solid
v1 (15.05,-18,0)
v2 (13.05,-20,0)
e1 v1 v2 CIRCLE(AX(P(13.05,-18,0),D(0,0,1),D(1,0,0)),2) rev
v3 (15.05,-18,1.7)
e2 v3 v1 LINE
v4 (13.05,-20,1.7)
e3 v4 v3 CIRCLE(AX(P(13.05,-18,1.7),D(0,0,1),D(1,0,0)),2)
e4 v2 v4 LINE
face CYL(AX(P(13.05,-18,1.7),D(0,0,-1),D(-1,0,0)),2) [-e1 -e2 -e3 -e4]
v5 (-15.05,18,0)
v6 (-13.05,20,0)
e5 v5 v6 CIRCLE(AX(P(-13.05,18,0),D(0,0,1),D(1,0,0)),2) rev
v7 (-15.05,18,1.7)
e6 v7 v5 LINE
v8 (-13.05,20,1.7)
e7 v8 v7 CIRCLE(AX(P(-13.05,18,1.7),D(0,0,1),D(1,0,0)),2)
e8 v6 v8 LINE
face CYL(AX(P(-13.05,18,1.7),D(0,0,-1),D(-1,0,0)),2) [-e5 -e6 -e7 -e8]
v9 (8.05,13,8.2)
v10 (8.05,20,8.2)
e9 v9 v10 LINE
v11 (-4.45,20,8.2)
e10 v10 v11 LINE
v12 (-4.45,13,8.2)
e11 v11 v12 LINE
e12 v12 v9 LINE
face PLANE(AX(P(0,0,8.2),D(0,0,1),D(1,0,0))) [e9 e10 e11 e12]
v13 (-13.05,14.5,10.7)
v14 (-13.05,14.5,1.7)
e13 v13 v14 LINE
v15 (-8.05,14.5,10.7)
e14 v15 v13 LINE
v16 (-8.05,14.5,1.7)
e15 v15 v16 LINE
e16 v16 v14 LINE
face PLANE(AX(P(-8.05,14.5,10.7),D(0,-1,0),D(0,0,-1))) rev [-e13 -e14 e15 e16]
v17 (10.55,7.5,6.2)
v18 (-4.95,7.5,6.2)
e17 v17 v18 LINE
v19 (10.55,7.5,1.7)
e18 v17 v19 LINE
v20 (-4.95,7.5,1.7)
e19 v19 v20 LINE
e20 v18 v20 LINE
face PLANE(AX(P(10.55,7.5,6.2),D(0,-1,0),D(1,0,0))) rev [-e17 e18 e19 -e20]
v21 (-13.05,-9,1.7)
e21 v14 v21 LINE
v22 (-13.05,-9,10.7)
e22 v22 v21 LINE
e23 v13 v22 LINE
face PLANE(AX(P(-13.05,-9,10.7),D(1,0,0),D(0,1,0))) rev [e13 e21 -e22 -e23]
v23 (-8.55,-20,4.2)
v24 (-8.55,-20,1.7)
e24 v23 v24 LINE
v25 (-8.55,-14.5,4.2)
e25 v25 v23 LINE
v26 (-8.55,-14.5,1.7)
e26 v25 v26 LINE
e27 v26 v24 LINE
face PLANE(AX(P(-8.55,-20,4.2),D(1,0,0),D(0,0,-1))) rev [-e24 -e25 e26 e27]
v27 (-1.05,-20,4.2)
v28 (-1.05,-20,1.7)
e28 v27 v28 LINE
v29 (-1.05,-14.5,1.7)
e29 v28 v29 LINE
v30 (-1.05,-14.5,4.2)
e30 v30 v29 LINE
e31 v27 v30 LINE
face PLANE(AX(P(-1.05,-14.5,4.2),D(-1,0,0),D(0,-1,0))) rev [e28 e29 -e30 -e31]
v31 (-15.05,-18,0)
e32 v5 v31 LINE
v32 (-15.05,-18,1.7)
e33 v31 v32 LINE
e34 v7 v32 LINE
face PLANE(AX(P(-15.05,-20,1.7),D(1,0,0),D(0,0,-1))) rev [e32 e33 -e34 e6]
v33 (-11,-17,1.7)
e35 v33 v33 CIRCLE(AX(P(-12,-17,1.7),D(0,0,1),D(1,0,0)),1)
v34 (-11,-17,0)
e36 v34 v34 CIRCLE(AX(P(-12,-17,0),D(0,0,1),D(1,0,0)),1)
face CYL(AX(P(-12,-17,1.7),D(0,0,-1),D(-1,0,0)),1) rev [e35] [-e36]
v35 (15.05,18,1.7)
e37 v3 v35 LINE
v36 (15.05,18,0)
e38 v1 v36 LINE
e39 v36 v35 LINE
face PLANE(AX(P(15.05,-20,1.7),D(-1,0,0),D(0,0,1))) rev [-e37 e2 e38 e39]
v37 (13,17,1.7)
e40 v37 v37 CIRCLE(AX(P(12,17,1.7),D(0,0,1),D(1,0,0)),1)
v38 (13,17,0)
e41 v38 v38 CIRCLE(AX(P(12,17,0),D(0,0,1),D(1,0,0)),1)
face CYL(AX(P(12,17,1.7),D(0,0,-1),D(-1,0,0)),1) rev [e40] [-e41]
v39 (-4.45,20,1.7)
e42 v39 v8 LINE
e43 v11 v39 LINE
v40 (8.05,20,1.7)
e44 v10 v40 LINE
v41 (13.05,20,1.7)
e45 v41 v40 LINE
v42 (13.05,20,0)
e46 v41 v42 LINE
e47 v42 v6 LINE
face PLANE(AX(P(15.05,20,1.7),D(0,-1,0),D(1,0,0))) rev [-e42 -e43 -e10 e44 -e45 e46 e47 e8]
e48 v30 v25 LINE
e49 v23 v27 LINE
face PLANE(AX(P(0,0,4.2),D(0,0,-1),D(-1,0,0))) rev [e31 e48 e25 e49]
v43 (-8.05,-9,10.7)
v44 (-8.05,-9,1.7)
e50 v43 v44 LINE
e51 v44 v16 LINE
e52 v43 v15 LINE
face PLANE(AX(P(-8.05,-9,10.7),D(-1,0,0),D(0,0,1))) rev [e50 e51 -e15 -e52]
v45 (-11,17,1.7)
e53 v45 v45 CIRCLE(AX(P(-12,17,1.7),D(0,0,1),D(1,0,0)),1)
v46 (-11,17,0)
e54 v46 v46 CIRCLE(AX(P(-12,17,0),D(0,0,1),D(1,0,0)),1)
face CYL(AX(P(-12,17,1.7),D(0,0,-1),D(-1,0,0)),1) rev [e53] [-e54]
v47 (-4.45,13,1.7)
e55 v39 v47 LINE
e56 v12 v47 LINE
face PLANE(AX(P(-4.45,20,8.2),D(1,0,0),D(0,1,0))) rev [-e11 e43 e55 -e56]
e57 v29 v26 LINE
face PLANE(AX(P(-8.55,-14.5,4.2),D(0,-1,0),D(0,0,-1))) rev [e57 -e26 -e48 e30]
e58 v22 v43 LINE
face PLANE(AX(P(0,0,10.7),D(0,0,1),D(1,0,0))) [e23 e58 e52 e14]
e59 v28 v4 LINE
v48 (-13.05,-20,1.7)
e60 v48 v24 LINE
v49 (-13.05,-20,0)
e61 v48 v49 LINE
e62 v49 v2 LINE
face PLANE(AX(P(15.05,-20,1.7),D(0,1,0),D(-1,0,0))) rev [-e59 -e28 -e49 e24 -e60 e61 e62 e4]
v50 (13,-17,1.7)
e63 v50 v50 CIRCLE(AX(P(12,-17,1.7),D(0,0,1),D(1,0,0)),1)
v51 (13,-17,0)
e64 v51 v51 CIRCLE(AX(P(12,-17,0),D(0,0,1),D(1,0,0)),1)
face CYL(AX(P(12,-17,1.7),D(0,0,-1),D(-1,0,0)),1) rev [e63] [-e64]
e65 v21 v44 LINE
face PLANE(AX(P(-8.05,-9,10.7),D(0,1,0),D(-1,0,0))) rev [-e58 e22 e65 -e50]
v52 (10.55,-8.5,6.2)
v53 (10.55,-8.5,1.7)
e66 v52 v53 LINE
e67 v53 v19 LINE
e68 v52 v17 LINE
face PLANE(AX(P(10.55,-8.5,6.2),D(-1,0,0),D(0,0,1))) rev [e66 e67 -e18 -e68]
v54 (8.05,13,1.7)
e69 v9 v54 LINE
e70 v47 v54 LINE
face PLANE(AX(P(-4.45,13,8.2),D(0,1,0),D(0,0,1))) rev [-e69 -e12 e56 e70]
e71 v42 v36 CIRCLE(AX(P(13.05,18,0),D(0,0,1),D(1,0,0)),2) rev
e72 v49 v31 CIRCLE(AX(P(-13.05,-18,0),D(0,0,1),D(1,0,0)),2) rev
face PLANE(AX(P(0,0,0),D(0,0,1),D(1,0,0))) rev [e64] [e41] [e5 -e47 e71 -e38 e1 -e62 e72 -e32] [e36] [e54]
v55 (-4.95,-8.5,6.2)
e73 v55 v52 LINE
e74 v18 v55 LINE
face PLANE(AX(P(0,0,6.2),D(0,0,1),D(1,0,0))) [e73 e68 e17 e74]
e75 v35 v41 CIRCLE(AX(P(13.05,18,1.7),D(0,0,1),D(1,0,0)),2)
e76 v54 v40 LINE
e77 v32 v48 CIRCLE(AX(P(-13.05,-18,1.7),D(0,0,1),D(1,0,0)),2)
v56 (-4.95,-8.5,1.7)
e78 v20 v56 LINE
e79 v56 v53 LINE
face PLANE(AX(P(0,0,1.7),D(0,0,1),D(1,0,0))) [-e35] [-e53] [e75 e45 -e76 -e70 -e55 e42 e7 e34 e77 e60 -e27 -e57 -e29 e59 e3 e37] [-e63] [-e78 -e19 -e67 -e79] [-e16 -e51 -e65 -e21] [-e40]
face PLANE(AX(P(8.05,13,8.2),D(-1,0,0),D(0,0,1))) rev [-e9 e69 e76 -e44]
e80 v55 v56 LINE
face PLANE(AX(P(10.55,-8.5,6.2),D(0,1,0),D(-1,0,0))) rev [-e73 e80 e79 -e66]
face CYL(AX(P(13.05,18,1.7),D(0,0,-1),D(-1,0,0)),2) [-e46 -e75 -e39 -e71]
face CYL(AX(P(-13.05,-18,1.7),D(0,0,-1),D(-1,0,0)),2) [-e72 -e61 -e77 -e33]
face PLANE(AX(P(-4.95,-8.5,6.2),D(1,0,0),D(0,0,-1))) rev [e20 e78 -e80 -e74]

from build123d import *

# Parameters (mm, degrees)
SKETCH_1_W      = 30.1
SKETCH_1_H      = 40
SKETCH_1_R      = 1
EXTRUDE_1_DEPTH = 1.7
SKETCH_2_W      = 5
SKETCH_2_H      = 23.5
EXTRUDE_2_DEPTH = 9
SKETCH_3_W      = 15.5
SKETCH_3_H      = 16
EXTRUDE_3_DEPTH = 4.5
SKETCH_4_W      = 12.5
SKETCH_4_H      = 7
EXTRUDE_4_DEPTH = 6.5
SKETCH_5_W      = 7.5
SKETCH_5_H      = 5.5
EXTRUDE_5_DEPTH = 2.5
FILLET_1_R      = 2


with BuildPart() as part:
    # 草图1 → 凸台-拉伸1 (new body)
    with BuildSketch(Plane.XY):
        Rectangle(SKETCH_1_W, SKETCH_1_H)
        with Locations((12, 17)):
            Circle(SKETCH_1_R, mode=Mode.SUBTRACT)
        with Locations((-12, 17)):
            Circle(SKETCH_1_R, mode=Mode.SUBTRACT)
        with Locations((-12, -17)):
            Circle(SKETCH_1_R, mode=Mode.SUBTRACT)
        with Locations((12, -17)):
            Circle(SKETCH_1_R, mode=Mode.SUBTRACT)
    extrude(amount=EXTRUDE_1_DEPTH)

    # 草图2 → 凸台-拉伸2 (add)
    with BuildSketch(Plane.XY.offset(1.7)):
        with Locations((-10.55, 2.75)):
            Rectangle(SKETCH_2_W, SKETCH_2_H)
    extrude(amount=EXTRUDE_2_DEPTH)

    # 草图3 → 凸台-拉伸3 (add)
    with BuildSketch(Plane.XY.offset(1.7)):
        with Locations((2.8, -0.5)):
            Rectangle(SKETCH_3_W, SKETCH_3_H)
    extrude(amount=EXTRUDE_3_DEPTH)

    # 草图4 → 凸台-拉伸4 (add)
    with BuildSketch(Plane.XY.offset(1.7)):
        with Locations((1.8, 16.5)):
            Rectangle(SKETCH_4_W, SKETCH_4_H)
    extrude(amount=EXTRUDE_4_DEPTH)

    # 草图5 → 凸台-拉伸5 (add)
    with BuildSketch(Plane.XY.offset(1.7)):
        with Locations((-4.8, -17.25)):
            Rectangle(SKETCH_5_W, SKETCH_5_H)
    extrude(amount=EXTRUDE_5_DEPTH)

    # 圆角1
    fillet_1_edges = [part.edges().sort_by_distance(p)[0] for p in [
        (-15.05, 20, 0.85),
        (15.05, 20, 0.85),
        (15.05, -20, 0.85),
        (-15.05, -20, 0.85),
    ]]
    fillet(fillet_1_edges, radius=FILLET_1_R)


solid = part.part
